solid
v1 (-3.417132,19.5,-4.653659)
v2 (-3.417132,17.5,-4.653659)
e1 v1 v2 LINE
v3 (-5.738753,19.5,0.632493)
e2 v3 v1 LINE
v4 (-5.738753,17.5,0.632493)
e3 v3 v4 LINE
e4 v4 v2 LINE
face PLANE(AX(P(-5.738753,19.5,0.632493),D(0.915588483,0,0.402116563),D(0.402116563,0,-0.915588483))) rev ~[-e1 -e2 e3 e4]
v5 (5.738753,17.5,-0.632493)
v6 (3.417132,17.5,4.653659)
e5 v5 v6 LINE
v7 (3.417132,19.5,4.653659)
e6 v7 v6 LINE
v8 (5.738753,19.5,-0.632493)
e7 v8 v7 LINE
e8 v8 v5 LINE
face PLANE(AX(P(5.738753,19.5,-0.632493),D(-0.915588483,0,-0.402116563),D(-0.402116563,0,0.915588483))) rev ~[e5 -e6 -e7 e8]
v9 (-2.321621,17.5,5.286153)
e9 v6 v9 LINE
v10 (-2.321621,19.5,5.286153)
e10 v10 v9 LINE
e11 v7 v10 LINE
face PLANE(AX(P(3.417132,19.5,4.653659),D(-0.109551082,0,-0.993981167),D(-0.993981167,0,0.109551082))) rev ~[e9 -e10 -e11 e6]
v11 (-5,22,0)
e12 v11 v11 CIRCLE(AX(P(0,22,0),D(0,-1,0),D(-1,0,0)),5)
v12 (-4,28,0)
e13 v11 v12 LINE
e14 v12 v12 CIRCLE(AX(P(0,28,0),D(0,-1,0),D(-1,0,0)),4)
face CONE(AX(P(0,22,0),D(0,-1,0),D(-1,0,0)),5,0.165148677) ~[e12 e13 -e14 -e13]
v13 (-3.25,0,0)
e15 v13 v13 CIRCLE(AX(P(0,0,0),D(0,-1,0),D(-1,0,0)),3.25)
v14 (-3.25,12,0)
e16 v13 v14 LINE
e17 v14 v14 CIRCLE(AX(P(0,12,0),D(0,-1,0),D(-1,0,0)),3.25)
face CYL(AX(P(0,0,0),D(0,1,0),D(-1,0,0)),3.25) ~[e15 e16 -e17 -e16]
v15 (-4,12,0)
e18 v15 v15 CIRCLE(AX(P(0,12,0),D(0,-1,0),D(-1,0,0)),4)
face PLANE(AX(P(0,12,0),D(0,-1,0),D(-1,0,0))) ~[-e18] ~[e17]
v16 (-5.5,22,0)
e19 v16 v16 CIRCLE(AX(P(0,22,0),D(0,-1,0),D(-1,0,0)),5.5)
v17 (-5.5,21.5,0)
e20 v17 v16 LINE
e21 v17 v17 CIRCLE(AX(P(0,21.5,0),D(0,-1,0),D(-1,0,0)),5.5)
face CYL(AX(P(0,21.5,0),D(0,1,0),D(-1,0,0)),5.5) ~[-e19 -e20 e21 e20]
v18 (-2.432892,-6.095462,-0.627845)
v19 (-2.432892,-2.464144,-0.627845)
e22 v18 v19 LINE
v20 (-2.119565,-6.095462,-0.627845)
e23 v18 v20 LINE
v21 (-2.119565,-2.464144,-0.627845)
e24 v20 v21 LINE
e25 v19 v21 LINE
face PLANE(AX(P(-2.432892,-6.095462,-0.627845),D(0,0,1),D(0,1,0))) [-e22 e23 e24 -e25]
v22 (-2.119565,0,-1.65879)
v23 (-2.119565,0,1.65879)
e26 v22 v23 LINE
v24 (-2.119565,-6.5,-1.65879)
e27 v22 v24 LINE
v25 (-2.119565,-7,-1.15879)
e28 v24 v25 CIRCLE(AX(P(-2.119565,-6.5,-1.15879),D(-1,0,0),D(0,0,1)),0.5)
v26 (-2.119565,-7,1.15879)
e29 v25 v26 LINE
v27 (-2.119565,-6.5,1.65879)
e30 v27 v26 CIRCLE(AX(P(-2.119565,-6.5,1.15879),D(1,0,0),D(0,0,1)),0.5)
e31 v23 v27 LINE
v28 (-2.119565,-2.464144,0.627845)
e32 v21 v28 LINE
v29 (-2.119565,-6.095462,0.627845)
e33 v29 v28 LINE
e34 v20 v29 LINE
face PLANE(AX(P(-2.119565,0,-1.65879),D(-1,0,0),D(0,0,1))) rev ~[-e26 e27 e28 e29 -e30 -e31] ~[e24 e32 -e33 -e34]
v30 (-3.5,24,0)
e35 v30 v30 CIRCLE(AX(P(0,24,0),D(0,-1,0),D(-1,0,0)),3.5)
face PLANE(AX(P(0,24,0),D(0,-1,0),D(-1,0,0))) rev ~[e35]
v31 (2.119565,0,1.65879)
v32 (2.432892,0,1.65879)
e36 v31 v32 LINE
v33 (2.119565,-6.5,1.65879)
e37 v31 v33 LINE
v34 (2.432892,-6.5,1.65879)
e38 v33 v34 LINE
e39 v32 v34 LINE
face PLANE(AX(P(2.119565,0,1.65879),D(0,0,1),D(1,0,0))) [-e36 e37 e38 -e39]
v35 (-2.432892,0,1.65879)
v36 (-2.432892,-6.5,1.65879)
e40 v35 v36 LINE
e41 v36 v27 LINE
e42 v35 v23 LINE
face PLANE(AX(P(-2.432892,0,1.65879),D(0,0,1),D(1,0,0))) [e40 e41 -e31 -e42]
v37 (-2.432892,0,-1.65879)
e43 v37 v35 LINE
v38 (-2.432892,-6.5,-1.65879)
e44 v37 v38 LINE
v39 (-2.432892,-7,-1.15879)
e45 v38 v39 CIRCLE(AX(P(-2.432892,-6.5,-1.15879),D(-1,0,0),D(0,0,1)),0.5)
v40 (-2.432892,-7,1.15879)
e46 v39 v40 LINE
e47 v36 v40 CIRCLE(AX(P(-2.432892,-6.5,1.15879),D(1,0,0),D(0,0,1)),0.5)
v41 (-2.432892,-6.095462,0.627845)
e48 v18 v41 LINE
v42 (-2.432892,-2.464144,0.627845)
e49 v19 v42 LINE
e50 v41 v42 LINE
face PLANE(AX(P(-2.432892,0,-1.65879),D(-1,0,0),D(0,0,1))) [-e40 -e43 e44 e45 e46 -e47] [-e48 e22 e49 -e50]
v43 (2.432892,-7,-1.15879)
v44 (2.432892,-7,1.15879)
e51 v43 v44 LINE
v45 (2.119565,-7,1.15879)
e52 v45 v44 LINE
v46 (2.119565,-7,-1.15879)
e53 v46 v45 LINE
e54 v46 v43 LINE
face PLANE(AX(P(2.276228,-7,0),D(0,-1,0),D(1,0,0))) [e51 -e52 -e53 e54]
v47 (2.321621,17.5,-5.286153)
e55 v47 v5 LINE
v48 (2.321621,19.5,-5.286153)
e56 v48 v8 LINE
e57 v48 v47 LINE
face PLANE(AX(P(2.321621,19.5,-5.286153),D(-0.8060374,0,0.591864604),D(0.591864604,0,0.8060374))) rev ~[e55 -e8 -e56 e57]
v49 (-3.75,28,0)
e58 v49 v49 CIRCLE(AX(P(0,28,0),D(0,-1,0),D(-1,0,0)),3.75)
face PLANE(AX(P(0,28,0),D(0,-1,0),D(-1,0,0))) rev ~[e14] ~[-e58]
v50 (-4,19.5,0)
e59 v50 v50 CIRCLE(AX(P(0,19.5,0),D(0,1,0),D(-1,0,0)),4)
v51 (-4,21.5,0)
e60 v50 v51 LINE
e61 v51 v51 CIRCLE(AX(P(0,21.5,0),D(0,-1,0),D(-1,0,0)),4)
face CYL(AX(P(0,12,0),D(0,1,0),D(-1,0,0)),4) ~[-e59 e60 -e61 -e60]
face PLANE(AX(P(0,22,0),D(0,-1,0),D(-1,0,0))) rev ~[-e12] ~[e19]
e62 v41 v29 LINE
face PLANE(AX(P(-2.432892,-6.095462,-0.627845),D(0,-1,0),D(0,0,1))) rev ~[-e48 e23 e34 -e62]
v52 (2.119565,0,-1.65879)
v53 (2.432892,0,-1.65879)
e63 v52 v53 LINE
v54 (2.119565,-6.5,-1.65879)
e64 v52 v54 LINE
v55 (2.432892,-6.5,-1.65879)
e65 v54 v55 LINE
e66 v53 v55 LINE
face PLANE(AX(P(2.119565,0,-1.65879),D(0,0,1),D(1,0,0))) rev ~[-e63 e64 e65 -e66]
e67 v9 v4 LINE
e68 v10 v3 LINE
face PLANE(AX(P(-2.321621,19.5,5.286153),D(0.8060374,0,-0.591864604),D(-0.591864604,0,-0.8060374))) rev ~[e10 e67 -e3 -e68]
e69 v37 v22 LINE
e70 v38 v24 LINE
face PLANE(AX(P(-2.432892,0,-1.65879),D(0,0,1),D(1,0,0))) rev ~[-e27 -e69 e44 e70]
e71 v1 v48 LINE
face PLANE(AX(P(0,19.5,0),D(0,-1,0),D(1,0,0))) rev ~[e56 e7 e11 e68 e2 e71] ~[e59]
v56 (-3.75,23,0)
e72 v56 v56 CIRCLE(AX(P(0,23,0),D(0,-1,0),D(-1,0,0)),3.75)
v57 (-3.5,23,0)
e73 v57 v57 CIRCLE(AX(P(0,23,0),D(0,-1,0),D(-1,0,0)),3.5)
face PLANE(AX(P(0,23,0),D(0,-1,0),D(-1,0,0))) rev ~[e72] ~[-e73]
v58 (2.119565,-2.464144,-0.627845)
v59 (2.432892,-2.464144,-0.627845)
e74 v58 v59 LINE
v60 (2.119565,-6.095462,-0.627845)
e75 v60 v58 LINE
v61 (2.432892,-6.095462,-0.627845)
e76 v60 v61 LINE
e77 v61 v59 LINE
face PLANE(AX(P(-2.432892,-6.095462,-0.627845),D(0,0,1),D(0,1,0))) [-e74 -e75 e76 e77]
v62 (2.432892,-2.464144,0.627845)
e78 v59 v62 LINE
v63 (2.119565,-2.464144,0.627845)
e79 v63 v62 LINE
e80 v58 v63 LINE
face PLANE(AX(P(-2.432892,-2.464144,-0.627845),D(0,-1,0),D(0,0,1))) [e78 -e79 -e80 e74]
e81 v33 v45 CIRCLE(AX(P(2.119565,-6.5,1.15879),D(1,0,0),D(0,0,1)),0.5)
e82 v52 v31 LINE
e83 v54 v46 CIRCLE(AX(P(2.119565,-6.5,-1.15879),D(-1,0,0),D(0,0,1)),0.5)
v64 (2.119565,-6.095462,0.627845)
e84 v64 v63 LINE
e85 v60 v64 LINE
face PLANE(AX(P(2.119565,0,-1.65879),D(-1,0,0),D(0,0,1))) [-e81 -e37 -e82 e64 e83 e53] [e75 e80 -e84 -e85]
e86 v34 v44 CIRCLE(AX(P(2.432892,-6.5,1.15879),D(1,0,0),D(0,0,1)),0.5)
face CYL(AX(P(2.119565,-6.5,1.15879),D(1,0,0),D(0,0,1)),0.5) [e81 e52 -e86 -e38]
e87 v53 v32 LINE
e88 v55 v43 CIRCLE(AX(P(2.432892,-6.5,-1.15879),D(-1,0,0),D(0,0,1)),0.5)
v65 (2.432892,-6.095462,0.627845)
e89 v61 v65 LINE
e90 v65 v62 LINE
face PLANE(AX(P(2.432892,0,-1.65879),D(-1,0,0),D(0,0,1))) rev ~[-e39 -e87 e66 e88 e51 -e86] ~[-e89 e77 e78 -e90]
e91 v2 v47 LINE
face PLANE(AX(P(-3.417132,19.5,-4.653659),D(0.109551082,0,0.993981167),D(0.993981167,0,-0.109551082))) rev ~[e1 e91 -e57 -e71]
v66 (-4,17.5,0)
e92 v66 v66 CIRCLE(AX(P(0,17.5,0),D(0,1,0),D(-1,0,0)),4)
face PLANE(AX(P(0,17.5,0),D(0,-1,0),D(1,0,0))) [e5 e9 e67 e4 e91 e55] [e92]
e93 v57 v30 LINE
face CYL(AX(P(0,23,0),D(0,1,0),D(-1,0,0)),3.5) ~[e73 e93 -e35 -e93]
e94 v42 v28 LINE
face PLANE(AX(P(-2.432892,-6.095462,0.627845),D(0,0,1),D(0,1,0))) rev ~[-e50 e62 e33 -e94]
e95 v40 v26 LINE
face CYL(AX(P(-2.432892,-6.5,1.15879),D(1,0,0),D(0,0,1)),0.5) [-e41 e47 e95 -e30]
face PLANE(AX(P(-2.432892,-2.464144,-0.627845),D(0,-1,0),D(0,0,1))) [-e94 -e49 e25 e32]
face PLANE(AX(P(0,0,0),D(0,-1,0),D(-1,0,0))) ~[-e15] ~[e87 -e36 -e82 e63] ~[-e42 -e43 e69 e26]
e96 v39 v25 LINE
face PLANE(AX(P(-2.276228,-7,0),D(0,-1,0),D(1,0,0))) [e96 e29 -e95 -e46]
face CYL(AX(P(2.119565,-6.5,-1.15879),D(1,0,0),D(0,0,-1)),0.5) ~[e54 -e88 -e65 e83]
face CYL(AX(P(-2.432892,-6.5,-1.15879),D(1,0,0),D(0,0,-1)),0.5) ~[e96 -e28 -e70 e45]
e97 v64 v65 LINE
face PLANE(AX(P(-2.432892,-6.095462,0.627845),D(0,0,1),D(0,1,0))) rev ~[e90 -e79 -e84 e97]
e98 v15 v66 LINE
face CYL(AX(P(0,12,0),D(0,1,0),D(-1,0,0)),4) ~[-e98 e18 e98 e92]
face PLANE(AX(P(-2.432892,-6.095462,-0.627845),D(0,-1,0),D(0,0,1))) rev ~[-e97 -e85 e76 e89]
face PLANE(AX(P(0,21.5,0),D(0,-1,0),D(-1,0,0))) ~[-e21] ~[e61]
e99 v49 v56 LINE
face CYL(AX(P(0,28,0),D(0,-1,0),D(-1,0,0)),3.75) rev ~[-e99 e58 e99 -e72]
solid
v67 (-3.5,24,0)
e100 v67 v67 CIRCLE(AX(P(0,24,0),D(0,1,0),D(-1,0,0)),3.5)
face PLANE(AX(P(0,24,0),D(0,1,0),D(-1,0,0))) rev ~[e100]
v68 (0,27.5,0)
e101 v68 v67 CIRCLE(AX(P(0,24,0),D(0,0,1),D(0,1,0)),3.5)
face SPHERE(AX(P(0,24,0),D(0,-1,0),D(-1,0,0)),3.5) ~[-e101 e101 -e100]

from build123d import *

# Parameters (mm, degrees)
SKETCH2_W           = 0.313326982
SKETCH2_H           = 3.317579804
BOSS_EXTRUDE1_DEPTH = 7
SKETCH3_W           = 1.255689372
SKETCH3_H           = 3.631317916
CUT_EXTRUDE1_DEPTH  = 8.932891857
FILLET1_R           = 0.5
BOSS_EXTRUDE2_START = 2
BOSS_EXTRUDE2_DEPTH = 2


with BuildPart() as part:
    # Sketch1 → Revolve1 (revolve)
    with BuildSketch(Plane(origin=(0, 0, 0), x_dir=(0, 1, 0), z_dir=(0, 0, 1))):
        Polygon((0, 0), (0, 3.25), (12, 3.25), (12, 4), (21.5, 4), (21.5, 5.5), (22, 5.5), (22, 5), (28, 4), (28, 3.75), (23, 3.75), (23, 3.5), (24, 3.5), (24, 0), align=None)
    revolve(axis=Axis((0, 0, 0), (0, -1, 0)))

    # Sketch2 → Boss-Extrude1 (add)
    with BuildSketch(Plane.XZ):
        with Locations((-2.276228366, 0)):
            Rectangle(SKETCH2_W, SKETCH2_H)
        with Locations((2.276228366, 0)):
            Rectangle(SKETCH2_W, SKETCH2_H)
    extrude(amount=BOSS_EXTRUDE1_DEPTH)

    # Sketch3 → Cut-Extrude1 (cut, through all)
    with BuildSketch(Plane.ZY.offset(2.432891857)):
        with Locations((0, -4.279803291)):
            Rectangle(SKETCH3_W, SKETCH3_H)
    extrude(amount=-CUT_EXTRUDE1_DEPTH, mode=Mode.SUBTRACT)

    # Fillet1
    fillet1_edges = [part.edges().sort_by_distance(p)[0] for p in [
        (-2.276228366, -7, -1.658789902),
        (-2.276228366, -7, 1.658789902),
        (2.276228366, -7, 1.658789902),
        (2.276228366, -7, -1.658789902),
    ]]
    fillet(fillet1_edges, radius=FILLET1_R)

    # Sketch4 → Boss-Extrude2 (add)
    with BuildSketch(Plane.XZ.offset(-21.5).offset(BOSS_EXTRUDE2_START)):
        Polygon((-2.321621061, 5.286152569), (-5.738752943, 0.632493468), (-3.417131883, -4.653659101), (2.321621061, -5.286152569), (5.738752943, -0.632493468), (3.417131883, 4.653659101), align=None)
    extrude(amount=BOSS_EXTRUDE2_DEPTH)


with BuildPart() as body_2:
    # Sketch6 → Green (revolve)
    with BuildSketch(Plane.XY):
        with BuildLine():
            Line((-3.5, 24), (0, 24))
            Line((0, 24), (0, 27.5))
            ThreePointArc((0, 27.5), (-2.474873734, 26.474873734), (-3.5, 24))
        make_face()
    revolve(axis=Axis((0, 24, 0), (0, 1, 0)))


solid = Compound([part.part, body_2.part])
